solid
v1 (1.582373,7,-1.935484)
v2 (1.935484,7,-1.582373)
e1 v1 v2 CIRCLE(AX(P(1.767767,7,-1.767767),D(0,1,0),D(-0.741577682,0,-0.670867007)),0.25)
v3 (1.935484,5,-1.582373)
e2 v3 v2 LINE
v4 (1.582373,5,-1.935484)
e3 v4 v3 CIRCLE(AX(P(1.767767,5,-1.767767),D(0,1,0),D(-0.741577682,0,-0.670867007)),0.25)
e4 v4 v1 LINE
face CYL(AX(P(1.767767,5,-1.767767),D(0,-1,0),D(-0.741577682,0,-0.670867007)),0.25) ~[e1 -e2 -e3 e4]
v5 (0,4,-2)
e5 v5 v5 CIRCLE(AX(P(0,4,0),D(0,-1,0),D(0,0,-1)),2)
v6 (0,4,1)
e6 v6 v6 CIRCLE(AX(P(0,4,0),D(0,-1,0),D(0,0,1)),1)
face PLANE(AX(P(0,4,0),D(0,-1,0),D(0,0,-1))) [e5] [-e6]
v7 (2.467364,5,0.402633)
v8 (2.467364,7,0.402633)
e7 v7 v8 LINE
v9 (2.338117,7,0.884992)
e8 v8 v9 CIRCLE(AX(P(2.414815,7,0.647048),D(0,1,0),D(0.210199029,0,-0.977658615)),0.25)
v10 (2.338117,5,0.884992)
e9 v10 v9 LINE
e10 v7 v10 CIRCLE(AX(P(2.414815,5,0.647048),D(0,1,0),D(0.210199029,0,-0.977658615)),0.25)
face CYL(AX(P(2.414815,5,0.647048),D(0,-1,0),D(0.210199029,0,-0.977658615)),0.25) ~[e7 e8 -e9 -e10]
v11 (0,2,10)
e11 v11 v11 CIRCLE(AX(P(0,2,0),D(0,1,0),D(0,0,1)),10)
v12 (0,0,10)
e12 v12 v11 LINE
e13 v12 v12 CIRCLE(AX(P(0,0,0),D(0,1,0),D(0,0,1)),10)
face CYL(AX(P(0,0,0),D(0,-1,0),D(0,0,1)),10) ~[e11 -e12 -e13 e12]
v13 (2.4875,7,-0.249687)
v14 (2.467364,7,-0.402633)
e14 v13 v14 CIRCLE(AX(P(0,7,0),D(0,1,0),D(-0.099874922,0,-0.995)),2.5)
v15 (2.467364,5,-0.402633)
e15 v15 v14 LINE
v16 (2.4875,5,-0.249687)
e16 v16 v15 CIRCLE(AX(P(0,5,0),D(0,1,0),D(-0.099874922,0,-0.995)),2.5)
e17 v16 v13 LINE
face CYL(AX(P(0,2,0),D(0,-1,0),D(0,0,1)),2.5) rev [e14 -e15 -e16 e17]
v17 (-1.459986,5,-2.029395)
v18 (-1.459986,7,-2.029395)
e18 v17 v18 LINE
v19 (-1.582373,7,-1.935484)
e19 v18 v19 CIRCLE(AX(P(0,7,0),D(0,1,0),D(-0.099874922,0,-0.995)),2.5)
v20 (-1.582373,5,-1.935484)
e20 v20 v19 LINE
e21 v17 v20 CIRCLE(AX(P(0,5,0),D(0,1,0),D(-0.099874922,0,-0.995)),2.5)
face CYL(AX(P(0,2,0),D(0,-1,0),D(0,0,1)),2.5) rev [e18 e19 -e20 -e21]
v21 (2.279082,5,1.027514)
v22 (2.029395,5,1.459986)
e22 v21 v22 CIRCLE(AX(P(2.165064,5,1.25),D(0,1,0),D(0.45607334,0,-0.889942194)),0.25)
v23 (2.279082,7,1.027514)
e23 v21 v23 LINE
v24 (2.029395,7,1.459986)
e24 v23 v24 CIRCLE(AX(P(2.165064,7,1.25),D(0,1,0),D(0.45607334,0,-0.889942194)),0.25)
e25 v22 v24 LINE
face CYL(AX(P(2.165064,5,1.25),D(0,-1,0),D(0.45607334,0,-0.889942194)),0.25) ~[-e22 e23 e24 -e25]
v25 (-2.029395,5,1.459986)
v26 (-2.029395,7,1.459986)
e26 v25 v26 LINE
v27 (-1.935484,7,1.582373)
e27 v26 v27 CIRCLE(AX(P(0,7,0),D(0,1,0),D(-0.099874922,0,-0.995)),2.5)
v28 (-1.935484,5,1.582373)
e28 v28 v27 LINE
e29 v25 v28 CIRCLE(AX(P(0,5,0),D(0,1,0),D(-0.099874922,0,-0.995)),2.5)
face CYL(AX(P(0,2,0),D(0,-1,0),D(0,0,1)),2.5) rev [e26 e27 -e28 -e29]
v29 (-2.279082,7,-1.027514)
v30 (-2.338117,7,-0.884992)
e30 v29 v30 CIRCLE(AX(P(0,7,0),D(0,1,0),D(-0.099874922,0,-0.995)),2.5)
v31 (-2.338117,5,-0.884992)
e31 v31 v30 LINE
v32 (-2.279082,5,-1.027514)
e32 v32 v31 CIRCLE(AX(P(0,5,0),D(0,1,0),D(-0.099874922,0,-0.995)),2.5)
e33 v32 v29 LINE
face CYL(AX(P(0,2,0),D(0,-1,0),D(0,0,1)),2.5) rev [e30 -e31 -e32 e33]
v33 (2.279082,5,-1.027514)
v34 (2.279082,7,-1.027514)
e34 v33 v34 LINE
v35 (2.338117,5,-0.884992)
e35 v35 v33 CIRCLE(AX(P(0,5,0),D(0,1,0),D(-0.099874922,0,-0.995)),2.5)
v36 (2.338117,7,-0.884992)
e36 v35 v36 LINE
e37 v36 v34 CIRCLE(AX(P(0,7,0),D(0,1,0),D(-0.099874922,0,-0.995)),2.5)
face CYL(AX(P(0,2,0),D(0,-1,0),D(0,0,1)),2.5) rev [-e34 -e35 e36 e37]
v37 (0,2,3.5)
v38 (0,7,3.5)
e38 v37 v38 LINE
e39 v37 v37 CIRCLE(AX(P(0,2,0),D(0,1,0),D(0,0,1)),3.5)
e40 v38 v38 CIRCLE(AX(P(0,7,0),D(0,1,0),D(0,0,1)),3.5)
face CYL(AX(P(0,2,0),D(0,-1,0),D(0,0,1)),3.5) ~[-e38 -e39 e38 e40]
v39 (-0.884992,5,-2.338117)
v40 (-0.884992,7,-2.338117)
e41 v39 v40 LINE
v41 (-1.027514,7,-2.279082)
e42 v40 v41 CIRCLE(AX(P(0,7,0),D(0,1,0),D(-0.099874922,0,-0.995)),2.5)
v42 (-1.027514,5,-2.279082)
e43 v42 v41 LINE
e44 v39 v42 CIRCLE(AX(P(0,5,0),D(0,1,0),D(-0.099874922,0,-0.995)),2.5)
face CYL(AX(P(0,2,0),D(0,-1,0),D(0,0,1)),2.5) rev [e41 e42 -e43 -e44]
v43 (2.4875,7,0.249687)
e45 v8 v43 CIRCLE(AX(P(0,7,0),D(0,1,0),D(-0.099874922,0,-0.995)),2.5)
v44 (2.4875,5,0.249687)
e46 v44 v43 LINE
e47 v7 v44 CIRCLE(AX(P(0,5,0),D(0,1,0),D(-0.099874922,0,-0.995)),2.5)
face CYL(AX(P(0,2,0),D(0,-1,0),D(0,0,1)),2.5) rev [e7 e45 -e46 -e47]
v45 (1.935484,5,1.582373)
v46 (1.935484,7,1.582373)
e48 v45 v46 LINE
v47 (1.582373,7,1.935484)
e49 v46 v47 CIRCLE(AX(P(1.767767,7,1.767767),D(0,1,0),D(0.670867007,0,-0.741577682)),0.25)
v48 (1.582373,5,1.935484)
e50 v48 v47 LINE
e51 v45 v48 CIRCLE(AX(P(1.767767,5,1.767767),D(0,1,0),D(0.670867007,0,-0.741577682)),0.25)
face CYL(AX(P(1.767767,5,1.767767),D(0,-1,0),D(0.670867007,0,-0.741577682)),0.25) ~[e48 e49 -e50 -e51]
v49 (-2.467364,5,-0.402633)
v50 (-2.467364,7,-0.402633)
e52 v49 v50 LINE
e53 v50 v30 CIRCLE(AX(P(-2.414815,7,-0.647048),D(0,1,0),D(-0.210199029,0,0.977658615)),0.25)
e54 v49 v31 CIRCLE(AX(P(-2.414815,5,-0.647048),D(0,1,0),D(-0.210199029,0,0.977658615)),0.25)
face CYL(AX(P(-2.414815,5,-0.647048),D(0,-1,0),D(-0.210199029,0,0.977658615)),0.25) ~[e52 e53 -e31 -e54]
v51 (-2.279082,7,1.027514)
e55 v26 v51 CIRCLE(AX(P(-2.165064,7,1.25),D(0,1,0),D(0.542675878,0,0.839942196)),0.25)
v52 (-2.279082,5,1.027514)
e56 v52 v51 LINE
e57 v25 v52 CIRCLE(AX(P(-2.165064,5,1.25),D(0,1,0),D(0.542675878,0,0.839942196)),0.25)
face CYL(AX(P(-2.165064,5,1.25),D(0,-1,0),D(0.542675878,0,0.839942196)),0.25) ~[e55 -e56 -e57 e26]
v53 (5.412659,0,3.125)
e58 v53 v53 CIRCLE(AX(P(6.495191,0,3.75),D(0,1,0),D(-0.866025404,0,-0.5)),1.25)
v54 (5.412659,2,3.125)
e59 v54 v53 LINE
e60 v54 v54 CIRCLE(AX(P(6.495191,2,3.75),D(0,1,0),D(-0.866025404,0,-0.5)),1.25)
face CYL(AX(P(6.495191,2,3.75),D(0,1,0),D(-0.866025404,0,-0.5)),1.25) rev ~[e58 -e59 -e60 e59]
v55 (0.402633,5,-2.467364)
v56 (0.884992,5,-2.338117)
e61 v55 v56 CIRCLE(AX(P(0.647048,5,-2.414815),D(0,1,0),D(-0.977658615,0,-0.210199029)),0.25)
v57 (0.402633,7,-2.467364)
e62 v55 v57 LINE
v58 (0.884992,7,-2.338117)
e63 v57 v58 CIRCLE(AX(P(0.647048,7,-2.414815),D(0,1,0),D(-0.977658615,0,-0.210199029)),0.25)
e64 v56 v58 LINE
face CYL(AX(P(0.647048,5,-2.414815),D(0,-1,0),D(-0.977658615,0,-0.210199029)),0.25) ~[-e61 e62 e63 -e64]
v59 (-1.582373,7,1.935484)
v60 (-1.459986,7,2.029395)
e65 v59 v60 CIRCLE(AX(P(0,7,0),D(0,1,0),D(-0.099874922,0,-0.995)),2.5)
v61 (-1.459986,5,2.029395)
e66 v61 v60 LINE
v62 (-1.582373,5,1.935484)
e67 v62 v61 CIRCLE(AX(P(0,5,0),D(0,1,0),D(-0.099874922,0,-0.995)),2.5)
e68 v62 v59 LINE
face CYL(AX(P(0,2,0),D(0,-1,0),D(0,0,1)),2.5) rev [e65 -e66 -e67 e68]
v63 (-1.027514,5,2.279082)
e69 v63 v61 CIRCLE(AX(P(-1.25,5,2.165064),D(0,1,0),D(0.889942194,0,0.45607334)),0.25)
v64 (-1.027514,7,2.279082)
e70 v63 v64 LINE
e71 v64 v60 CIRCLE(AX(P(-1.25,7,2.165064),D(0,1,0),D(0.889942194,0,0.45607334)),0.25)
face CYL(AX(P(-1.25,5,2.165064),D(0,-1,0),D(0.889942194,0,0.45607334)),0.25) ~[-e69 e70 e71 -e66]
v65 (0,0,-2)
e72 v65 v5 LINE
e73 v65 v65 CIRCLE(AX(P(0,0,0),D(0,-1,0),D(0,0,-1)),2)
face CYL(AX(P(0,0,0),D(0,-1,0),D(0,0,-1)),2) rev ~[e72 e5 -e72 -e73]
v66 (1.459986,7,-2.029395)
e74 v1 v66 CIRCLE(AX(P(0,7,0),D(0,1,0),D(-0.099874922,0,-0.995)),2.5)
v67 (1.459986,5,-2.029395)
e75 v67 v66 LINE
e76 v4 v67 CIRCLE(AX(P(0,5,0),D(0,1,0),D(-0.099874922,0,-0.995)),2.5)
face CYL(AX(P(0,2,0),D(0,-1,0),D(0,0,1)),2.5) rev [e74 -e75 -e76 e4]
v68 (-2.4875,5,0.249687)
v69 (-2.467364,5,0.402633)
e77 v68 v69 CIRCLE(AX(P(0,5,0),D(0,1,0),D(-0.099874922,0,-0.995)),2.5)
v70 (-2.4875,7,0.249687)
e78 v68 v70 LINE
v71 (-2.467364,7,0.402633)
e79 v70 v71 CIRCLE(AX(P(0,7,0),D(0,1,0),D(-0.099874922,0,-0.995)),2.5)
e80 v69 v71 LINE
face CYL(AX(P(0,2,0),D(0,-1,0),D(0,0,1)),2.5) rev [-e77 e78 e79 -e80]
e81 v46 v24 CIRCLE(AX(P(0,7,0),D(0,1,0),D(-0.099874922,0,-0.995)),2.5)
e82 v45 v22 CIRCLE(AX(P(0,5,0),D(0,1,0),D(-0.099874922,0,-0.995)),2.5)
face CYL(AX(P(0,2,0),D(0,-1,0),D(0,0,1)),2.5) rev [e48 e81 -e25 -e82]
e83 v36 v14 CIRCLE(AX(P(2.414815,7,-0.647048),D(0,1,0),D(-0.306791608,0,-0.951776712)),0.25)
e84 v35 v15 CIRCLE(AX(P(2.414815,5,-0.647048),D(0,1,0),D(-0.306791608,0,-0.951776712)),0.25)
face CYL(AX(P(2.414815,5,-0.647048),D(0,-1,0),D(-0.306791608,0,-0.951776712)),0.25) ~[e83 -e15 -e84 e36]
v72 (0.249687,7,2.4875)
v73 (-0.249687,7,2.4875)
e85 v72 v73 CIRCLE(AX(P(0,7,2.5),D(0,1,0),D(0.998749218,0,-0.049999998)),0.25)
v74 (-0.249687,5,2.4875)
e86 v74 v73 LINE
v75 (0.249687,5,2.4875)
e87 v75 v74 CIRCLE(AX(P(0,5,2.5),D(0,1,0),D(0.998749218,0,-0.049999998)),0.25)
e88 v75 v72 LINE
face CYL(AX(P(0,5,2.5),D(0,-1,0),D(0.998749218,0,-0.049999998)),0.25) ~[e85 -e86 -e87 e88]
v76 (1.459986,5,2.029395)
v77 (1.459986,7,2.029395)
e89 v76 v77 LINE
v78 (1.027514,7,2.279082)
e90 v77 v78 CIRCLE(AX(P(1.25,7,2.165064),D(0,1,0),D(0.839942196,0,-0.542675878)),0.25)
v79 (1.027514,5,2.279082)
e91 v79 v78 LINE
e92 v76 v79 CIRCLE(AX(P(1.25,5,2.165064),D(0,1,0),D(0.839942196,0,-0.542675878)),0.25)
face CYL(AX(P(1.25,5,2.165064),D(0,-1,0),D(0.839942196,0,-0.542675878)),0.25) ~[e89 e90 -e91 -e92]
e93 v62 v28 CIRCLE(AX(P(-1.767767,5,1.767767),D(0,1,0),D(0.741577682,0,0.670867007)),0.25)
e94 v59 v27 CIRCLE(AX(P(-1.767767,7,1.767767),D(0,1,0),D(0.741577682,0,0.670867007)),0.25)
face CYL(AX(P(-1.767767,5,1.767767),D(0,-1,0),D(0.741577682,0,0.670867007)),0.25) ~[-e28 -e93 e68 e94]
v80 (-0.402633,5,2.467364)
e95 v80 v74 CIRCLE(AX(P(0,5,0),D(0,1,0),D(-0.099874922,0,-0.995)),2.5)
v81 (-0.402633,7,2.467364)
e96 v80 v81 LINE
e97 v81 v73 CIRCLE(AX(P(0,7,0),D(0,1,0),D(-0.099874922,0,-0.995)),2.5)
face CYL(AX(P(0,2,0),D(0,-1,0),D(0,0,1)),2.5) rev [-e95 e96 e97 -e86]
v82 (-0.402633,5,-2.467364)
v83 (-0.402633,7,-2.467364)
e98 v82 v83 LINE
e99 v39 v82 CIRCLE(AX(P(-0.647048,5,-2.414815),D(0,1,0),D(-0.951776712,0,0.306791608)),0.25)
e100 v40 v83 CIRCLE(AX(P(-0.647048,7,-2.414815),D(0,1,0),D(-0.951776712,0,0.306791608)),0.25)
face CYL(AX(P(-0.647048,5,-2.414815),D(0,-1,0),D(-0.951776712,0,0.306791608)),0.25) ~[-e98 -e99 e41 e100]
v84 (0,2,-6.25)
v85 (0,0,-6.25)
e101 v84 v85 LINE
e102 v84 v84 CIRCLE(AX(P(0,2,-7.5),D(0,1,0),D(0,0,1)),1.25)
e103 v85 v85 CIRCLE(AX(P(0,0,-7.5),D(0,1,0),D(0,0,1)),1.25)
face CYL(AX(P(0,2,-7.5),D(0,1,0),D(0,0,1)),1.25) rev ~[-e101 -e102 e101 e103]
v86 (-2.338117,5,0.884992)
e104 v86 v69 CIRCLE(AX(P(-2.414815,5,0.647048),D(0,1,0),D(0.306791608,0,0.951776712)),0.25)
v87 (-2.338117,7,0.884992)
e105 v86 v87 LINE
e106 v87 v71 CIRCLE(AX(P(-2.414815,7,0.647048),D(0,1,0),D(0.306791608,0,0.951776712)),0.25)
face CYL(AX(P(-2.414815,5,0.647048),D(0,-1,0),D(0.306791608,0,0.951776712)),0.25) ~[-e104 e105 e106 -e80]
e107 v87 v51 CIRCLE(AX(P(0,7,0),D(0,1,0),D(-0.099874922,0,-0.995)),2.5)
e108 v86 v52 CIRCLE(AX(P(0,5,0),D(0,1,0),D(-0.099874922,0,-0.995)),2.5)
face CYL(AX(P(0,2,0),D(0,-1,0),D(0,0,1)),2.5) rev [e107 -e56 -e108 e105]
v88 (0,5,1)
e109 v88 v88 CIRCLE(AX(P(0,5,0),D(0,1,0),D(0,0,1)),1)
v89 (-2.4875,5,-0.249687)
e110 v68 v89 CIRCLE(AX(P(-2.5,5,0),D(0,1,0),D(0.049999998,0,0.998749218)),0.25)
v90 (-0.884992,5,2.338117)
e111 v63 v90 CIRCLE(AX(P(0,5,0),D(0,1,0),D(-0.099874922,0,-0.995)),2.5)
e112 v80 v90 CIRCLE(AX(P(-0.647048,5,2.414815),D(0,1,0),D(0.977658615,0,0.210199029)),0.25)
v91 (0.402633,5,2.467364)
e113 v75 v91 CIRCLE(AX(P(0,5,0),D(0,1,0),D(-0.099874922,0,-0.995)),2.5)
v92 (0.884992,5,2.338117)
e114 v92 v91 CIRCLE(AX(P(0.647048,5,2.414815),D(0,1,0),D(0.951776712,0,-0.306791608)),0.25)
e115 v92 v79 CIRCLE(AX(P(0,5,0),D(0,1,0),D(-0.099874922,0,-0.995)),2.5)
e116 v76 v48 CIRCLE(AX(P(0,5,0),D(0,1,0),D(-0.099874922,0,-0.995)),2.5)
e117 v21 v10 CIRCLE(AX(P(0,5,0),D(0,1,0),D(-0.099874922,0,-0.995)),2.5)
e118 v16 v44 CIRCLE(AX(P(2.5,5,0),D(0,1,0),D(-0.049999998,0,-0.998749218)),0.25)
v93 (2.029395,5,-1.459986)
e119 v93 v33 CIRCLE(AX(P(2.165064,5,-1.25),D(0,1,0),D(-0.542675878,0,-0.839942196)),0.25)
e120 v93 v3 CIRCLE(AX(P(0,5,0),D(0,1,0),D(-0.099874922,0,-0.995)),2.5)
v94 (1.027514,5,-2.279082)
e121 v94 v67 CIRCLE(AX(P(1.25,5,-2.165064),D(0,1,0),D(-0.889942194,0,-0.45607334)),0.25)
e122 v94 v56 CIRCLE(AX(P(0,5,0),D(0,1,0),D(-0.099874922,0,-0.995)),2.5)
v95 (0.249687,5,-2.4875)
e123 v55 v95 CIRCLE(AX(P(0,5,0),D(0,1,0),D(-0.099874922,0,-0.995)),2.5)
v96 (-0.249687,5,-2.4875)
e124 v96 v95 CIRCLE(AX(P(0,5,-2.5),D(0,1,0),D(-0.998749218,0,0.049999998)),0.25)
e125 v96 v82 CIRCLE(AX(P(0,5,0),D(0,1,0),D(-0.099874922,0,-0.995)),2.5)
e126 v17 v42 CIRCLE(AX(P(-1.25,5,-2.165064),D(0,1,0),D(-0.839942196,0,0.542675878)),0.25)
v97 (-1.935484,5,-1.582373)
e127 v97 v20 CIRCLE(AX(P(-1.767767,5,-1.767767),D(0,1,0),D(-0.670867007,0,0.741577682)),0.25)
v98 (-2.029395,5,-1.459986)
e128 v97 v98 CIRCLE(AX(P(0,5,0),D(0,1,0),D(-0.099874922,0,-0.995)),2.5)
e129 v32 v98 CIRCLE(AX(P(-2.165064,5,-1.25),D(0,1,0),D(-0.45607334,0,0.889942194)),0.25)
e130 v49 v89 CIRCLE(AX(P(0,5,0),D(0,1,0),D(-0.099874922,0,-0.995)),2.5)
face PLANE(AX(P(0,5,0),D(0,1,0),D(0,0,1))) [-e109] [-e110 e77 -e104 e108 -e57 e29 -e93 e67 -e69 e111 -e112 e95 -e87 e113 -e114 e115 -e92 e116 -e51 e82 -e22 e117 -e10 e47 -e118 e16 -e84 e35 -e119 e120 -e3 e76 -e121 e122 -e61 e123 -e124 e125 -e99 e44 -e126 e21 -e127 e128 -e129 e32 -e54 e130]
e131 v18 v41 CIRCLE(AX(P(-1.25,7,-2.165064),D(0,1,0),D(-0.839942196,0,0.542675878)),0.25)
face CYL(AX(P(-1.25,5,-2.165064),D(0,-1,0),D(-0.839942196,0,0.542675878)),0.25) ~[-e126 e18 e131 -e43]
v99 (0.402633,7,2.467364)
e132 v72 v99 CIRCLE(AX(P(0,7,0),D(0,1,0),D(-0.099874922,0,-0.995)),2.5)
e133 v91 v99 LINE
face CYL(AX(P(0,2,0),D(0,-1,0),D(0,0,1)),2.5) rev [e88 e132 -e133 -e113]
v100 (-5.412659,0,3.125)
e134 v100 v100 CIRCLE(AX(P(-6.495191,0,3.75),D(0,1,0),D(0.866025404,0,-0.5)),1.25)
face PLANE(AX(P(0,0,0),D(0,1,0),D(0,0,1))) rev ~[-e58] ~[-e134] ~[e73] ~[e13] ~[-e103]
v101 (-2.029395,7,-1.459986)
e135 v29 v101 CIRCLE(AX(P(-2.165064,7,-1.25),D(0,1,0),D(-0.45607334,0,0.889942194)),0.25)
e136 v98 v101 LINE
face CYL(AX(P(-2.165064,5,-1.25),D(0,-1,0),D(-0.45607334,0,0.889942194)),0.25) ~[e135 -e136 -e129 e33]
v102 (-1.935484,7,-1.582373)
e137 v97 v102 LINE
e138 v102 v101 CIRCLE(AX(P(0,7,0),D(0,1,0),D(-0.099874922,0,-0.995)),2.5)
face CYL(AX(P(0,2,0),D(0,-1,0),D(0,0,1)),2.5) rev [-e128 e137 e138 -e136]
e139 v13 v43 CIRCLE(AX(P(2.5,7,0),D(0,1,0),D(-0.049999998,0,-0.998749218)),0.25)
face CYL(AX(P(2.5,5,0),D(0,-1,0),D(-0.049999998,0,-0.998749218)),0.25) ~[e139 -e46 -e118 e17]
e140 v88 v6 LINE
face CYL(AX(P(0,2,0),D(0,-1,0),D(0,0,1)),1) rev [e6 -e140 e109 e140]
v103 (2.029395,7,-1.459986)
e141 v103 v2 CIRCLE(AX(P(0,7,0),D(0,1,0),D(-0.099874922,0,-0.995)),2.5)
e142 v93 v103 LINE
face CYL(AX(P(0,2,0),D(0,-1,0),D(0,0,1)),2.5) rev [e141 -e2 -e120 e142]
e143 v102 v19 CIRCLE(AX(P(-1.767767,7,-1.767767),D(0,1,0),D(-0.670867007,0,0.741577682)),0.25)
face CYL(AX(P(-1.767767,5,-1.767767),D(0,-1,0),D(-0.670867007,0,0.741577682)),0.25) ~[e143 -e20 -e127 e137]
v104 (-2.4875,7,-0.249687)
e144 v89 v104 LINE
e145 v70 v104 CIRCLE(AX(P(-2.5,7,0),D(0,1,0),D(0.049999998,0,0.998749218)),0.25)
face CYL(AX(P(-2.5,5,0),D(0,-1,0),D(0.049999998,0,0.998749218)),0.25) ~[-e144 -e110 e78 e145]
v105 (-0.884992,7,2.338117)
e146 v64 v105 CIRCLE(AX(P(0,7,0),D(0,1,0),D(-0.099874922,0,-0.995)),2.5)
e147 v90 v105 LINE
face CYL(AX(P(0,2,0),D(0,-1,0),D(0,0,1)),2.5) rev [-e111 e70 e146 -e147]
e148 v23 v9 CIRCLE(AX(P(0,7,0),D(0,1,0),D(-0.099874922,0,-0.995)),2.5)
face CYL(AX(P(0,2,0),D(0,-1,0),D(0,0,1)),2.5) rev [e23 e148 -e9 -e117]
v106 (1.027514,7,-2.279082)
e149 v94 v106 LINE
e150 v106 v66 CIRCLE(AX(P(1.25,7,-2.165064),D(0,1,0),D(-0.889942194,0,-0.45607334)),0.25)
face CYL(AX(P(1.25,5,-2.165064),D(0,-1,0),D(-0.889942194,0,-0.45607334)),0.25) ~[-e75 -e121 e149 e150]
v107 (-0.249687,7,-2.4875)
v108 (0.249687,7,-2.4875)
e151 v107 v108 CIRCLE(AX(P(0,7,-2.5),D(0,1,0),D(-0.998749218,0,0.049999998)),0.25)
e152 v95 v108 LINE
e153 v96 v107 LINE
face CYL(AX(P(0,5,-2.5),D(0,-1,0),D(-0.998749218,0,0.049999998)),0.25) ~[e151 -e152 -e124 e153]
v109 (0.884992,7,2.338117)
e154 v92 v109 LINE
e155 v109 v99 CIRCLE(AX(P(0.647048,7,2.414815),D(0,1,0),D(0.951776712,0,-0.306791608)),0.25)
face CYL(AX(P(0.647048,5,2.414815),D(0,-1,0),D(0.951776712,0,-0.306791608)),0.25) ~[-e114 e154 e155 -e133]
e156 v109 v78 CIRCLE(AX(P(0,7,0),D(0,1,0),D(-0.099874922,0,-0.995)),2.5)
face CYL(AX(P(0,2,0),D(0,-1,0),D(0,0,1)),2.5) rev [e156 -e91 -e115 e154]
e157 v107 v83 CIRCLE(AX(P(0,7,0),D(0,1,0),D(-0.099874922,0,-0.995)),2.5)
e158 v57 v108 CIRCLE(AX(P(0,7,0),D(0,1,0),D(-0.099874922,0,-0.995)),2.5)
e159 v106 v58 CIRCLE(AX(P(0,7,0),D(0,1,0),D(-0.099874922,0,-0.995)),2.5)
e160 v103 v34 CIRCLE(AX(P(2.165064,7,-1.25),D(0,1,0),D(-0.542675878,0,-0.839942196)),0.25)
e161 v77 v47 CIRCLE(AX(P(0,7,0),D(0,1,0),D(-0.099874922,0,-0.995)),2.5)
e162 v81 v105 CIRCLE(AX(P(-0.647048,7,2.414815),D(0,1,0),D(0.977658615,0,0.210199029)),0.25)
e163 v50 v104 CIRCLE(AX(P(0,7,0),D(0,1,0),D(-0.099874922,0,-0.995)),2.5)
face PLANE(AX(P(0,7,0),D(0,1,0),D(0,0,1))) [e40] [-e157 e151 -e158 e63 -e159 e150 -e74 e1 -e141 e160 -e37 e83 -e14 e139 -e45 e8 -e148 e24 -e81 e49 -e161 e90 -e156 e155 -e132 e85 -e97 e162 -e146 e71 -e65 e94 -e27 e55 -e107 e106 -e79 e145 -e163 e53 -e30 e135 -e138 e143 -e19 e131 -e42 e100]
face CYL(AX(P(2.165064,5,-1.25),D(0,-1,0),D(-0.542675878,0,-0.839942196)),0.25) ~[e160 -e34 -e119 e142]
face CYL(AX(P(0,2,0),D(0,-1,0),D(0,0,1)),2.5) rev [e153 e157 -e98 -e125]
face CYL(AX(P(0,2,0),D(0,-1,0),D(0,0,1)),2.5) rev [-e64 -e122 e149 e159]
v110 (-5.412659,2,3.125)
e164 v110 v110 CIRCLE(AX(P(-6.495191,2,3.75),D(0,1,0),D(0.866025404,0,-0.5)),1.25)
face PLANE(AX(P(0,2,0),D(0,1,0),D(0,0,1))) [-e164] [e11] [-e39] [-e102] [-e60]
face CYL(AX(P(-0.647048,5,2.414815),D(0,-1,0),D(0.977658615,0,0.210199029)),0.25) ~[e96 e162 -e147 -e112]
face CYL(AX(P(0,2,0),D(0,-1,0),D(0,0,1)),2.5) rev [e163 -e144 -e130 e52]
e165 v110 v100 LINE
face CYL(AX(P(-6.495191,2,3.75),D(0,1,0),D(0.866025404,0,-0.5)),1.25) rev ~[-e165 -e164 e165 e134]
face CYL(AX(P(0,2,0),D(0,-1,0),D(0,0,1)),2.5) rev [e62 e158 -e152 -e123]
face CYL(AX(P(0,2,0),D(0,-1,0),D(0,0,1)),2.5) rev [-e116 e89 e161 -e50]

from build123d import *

# Parameters (mm, degrees)
SKETCH1_R           = 10
SKETCH1_R_2         = 1
BOSS_EXTRUDE1_DEPTH = 2
SKETCH2_R           = 3.5
SKETCH2_R_2         = 2.5
BOSS_EXTRUDE2_DEPTH = 5
CUT_EXTRUDE1_REACH  = 17
SKETCH3_R           = 1.25
CIRPATTERN1_COUNT   = 3
SKETCH4_R           = 2.5
SKETCH4_R_2         = 1
BOSS_EXTRUDE3_DEPTH = 3
SKETCH5_R           = 2
CUT_EXTRUDE2_DEPTH  = 4
BOSS_EXTRUDE4_START = -2
BOSS_EXTRUDE4_DEPTH = 2
CIRPATTERN2_COUNT   = 24


with BuildPart() as part:
    # Sketch1 → Boss-Extrude1 (new body)
    with BuildSketch(Plane(origin=(0, 0, 0), x_dir=(1, 0, 0), z_dir=(0, 1, 0))):
        with Locations(Location((0, 0, 0), (0, 0, 270))):
            Circle(SKETCH1_R)
        with Locations(Location((0, 0, 0), (0, 0, 270))):
            Circle(SKETCH1_R_2, mode=Mode.SUBTRACT)
    extrude(amount=BOSS_EXTRUDE1_DEPTH)

    # Sketch2 → Boss-Extrude2 (add)
    with BuildSketch(Plane(origin=(0, 2, 0), x_dir=(1, 0, 0), z_dir=(0, 1, 0))):
        with Locations(Location((0, 0, 0), (0, 0, 270))):
            Circle(SKETCH2_R)
        with Locations(Location((0, 0, 0), (0, 0, 270))):
            Circle(SKETCH2_R_2, mode=Mode.SUBTRACT)
    extrude(amount=BOSS_EXTRUDE2_DEPTH)

    # Sketch3 → Cut-Extrude1 (cut, up to next)
    with BuildSketch(Plane(origin=(0, 2, 0), x_dir=(1, 0, 0), z_dir=(0, 1, 0)), mode=Mode.PRIVATE) as cut_extrude1_sk1:
        with Locations(Location((0, 7.5, 0), (0, 0, 270))):
            Circle(SKETCH3_R)
    cut_extrude1_tool1 = extrude(cut_extrude1_sk1.sketch, amount=-CUT_EXTRUDE1_REACH, mode=Mode.PRIVATE) & part.part
    cut_extrude1 = cut_extrude1_tool1.solids().sort_by_distance((0, 2, -7.5))[0]
    add(cut_extrude1, mode=Mode.SUBTRACT)

    # CirPattern1: Cut-Extrude1 ×3 about axis
    cirpattern1_axis = Axis((0, 0, 0), (0, 1, 0))
    for i in range(1, CIRPATTERN1_COUNT):
        add(cut_extrude1.rotate(cirpattern1_axis, i * 360 / CIRPATTERN1_COUNT), mode=Mode.SUBTRACT)

    # Sketch4 → Boss-Extrude3 (add)
    with BuildSketch(Plane(origin=(0, 2, 0), x_dir=(1, 0, 0), z_dir=(0, 1, 0))):
        with Locations(Location((0, 0, 0), (0, 0, 270))):
            Circle(SKETCH4_R)
        with Locations(Location((0, 0, 0), (0, 0, 270))):
            Circle(SKETCH4_R_2, mode=Mode.SUBTRACT)
    extrude(amount=BOSS_EXTRUDE3_DEPTH)

    # Sketch5 → Cut-Extrude2 (cut)
    with BuildSketch(Plane.XZ):
        with Locations(Location((0, 0, 0), (0, 0, 270))):
            Circle(SKETCH5_R)
    extrude(amount=-CUT_EXTRUDE2_DEPTH, mode=Mode.SUBTRACT)

    # Sketch6 → Boss-Extrude4 (add)
    with BuildSketch(Plane(origin=(0, 7, 0), x_dir=(1, 0, 0), z_dir=(0, 1, 0)).offset(BOSS_EXTRUDE4_START)):
        with BuildLine():
            ThreePointArc((-0.249687304, 2.4875), (0, 2.25), (0.249687304, 2.4875))
            ThreePointArc((0.249687304, 2.4875), (0, 2.5), (-0.249687304, 2.4875))
        make_face()
    boss_extrude4 = extrude(amount=BOSS_EXTRUDE4_DEPTH)

    # CirPattern2: Boss-Extrude4 ×24 about axis
    cirpattern2_axis = Axis((0, 0, 0), (0, 1, 0))
    for i in range(1, CIRPATTERN2_COUNT):
        add(boss_extrude4.rotate(cirpattern2_axis, i * 360 / CIRPATTERN2_COUNT))


solid = part.part
